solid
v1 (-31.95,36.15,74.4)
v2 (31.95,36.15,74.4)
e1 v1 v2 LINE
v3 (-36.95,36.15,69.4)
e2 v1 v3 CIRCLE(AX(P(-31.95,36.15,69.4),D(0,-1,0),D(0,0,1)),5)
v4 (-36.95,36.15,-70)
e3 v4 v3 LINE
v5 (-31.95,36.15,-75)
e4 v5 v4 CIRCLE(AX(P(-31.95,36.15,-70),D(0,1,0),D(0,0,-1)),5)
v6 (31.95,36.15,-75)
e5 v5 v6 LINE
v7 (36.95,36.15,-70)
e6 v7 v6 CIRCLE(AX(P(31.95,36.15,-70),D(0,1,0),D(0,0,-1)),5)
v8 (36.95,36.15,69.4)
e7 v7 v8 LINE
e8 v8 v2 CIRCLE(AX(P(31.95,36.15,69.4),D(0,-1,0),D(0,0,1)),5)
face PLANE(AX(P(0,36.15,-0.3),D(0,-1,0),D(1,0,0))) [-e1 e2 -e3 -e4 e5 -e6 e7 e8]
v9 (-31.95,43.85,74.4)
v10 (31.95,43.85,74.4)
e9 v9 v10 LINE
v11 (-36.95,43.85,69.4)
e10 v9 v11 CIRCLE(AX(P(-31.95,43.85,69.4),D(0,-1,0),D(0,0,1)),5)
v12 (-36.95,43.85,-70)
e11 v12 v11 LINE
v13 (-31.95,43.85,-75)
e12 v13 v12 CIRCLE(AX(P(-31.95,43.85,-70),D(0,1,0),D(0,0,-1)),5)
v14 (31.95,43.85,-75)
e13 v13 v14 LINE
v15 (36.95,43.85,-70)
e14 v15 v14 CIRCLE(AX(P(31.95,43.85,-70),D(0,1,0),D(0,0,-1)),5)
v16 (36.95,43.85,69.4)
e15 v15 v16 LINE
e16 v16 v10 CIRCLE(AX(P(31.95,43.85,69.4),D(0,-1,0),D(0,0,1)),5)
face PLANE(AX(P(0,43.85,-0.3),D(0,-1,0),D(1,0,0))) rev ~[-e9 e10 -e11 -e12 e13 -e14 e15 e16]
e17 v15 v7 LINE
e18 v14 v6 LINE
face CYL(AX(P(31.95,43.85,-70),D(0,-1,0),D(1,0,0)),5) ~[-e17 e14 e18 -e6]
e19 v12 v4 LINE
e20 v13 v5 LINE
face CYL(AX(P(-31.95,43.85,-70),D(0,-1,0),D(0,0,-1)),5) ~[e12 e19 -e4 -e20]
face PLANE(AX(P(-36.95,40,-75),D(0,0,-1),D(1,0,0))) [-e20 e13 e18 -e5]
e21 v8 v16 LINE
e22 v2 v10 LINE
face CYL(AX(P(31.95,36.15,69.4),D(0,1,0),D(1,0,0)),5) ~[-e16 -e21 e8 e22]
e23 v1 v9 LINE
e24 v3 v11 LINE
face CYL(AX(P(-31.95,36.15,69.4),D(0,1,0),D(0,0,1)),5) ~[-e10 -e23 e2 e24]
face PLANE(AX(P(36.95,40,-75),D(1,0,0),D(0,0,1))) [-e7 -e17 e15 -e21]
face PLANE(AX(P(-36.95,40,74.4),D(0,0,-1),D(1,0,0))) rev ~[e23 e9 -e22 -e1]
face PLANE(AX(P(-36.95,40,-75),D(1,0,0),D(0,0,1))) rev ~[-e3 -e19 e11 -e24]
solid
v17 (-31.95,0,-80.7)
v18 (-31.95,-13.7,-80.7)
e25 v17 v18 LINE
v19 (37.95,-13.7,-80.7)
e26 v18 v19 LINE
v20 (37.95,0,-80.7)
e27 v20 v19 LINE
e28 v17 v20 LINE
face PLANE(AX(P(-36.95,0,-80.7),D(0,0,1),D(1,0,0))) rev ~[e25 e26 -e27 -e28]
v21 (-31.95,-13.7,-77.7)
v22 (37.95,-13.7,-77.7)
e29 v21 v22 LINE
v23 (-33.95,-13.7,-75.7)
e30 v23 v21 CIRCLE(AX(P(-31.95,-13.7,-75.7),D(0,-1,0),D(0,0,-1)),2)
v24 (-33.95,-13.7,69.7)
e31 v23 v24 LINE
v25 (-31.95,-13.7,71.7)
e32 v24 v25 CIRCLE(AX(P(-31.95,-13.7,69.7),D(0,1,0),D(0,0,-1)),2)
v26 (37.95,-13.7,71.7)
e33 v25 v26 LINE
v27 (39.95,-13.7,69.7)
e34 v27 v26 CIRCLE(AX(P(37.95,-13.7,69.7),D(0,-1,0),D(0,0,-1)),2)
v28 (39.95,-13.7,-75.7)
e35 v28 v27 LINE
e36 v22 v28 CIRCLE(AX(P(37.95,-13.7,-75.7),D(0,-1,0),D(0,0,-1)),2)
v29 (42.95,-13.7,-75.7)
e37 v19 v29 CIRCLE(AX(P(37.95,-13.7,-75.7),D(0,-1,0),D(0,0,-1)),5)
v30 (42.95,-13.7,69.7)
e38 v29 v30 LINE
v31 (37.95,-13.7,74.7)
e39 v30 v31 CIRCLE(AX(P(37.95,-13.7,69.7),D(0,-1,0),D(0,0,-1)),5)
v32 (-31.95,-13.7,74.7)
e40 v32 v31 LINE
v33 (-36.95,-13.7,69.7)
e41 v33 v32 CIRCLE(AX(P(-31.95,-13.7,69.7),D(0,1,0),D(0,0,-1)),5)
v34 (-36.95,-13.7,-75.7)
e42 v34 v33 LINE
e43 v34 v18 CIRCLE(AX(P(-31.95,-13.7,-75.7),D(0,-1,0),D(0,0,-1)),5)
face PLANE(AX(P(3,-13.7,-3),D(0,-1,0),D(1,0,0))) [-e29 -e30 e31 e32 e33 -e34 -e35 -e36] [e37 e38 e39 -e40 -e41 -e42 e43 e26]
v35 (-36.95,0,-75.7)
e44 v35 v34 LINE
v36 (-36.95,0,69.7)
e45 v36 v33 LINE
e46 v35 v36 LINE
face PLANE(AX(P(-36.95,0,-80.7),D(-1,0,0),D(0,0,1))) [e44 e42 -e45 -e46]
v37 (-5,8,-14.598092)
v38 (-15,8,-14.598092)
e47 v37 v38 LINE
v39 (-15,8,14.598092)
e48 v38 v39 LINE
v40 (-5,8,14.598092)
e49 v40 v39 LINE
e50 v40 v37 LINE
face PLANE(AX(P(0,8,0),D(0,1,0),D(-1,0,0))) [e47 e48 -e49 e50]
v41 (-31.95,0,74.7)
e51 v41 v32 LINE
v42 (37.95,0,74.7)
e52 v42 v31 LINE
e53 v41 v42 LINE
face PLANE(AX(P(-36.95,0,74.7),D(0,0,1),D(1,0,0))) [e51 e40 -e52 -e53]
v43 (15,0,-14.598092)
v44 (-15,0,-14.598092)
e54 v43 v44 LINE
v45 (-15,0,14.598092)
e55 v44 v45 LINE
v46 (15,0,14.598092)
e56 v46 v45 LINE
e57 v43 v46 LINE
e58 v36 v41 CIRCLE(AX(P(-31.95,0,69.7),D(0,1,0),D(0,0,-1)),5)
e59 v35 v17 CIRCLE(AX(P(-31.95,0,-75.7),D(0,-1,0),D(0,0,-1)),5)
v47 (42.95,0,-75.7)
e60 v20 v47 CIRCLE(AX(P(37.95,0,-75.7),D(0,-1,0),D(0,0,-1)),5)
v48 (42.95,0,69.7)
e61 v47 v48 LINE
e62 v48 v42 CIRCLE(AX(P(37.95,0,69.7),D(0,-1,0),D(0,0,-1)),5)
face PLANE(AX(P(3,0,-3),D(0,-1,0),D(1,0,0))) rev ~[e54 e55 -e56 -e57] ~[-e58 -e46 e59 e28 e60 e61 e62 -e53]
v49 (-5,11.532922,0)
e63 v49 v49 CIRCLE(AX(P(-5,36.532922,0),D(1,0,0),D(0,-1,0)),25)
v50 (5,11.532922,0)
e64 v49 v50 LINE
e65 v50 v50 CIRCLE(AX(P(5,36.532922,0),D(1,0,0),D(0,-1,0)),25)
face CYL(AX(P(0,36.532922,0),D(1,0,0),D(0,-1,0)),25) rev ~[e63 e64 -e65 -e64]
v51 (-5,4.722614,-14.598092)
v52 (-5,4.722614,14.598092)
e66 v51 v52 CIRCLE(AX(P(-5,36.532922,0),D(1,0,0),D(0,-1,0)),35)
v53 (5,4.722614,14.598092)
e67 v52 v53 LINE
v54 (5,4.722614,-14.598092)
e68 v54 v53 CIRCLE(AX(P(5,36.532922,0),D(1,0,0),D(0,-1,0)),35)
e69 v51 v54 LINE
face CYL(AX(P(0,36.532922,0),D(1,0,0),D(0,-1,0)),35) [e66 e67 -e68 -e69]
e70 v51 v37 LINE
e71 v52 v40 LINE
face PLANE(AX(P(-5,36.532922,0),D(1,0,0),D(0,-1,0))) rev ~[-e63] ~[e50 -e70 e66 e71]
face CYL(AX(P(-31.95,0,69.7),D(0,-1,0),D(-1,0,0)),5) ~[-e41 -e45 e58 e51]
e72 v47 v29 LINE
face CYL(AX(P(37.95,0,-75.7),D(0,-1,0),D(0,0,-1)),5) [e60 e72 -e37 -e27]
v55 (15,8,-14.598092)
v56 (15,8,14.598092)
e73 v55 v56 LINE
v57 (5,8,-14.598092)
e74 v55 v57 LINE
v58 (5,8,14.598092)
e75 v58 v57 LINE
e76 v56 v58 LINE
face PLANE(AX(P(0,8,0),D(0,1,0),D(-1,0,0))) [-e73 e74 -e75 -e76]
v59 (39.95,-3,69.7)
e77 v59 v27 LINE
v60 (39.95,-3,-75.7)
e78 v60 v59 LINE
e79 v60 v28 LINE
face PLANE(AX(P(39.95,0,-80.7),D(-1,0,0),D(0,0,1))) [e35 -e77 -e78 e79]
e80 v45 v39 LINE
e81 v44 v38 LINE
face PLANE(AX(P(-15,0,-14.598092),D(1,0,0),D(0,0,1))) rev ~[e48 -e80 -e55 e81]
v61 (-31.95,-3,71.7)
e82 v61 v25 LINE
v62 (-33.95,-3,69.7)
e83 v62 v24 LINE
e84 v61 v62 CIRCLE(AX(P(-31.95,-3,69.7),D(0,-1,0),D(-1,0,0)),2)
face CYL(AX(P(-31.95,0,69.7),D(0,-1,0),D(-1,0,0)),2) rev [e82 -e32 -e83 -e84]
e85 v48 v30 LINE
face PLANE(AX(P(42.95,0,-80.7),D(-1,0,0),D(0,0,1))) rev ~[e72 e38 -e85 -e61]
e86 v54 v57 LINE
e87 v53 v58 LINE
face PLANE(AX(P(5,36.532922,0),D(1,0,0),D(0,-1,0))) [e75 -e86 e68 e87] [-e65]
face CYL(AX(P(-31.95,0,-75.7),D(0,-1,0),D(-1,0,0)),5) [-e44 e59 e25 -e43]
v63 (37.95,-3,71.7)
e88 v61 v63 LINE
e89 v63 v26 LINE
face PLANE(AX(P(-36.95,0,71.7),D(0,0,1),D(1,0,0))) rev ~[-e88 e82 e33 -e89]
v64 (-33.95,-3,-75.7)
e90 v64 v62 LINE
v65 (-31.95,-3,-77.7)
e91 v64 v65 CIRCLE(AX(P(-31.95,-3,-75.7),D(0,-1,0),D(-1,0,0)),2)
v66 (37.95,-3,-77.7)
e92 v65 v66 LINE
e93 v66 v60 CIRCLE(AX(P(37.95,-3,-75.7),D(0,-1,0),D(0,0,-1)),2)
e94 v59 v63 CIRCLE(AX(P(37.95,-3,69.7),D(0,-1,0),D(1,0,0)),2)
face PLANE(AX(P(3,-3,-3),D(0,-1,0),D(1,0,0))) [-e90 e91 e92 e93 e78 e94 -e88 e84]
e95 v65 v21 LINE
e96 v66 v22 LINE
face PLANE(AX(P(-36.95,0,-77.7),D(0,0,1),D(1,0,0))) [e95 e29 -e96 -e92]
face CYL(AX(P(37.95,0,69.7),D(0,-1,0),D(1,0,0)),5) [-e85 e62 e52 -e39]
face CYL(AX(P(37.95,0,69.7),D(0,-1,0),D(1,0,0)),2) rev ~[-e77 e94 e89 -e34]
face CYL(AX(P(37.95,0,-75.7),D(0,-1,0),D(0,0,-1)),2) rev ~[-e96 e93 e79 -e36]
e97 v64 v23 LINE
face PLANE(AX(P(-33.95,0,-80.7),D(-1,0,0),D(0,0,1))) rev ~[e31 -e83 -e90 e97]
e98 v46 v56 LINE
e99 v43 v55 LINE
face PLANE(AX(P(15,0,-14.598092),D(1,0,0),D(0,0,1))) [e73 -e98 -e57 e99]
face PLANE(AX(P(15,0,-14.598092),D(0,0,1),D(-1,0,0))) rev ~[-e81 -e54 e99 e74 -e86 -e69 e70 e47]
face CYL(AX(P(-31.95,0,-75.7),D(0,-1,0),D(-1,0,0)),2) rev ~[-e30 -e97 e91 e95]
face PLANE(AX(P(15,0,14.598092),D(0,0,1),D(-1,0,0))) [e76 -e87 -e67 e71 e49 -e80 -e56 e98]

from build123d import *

# Parameters (mm, degrees)
F0_W      = 73.9
F0_H      = 149.4
F1_DEPTH  = 3.85
F3_R      = 5
F4_R      = 5
F7_W      = 79.9
F7_H      = 155.4
F9_DEPTH  = 13.7
F10_R     = 5
F11_T     = -3
F12_W     = 30
F12_H     = 29.1961848977
F13_DEPTH = 8
F14_W     = 10
F14_H     = 10


with BuildPart() as f1:
    # F0 (on Front) → F1 (new body, symmetric)
    with BuildSketch(Plane.XZ):
        with Locations((0, 74.7)):
            Rectangle(F0_W, F0_H)
    extrude(amount=F1_DEPTH, both=True)


with BuildPart() as f1_1:
    # F2: moved
    add(f1.part.moved(Location((0, 0, -75))))

    # F3
    f3_edges = [f1_1.edges().sort_by_distance(p)[0] for p in [
        (36.95, 0, 74.4),
    ]]
    fillet(f3_edges, radius=F3_R)

    # F4
    f4_edges = [f1_1.edges().sort_by_distance(p)[0] for p in [
        (-36.95, 0, 74.4),
        (-36.95, 0, -75),
        (36.95, 0, -75),
    ]]
    fillet(f4_edges, radius=F4_R)


with BuildPart() as f5_1:
    # F5: copy of F1
    add(f1_1.part.moved(Location((0, 23, 0))))


with BuildPart() as f1_2:
    # F8: moved
    add(f1_1.part.moved(Location((0, 40, 0))))


with BuildPart() as f9:
    # F7 (on Front) → F9 (new body)
    with BuildSketch(Plane.XZ):
        with Locations((3, -3)):
            Rectangle(F7_W, F7_H)
    extrude(amount=F9_DEPTH)

    # F10
    f10_edges = [f9.edges().sort_by_distance(p)[0] for p in [
        (-36.95, -6.85, 74.7),
        (42.95, -6.85, 74.7),
        (42.95, -6.85, -80.7),
        (-36.95, -6.85, -80.7),
    ]]
    fillet(f10_edges, radius=F10_R)

    # F11
    f11_openings = [f9.faces().sort_by_distance(p)[0] for p in [
        (3, -13.7, -3),
    ]]
    offset(amount=F11_T, openings=f11_openings)

    # F12 (on face) → F13 (join)
    with BuildSketch(Plane(origin=(0, 0, 0), x_dir=(-1, 0, 0), z_dir=(0, 1, 0))):
        Rectangle(F12_W, F12_H)
    extrude(amount=F13_DEPTH)

    # F14 (on Top) → F15 (revolve)
    with BuildSketch(Plane.XY):
        with Locations((0, 6.5329223871)):
            Rectangle(F14_W, F14_H)
    revolve(axis=Axis((-0.3910209052, 36.5329223871, 0), (1, 0, 0)))


solid = Compound([f1_2.part, f9.part])
